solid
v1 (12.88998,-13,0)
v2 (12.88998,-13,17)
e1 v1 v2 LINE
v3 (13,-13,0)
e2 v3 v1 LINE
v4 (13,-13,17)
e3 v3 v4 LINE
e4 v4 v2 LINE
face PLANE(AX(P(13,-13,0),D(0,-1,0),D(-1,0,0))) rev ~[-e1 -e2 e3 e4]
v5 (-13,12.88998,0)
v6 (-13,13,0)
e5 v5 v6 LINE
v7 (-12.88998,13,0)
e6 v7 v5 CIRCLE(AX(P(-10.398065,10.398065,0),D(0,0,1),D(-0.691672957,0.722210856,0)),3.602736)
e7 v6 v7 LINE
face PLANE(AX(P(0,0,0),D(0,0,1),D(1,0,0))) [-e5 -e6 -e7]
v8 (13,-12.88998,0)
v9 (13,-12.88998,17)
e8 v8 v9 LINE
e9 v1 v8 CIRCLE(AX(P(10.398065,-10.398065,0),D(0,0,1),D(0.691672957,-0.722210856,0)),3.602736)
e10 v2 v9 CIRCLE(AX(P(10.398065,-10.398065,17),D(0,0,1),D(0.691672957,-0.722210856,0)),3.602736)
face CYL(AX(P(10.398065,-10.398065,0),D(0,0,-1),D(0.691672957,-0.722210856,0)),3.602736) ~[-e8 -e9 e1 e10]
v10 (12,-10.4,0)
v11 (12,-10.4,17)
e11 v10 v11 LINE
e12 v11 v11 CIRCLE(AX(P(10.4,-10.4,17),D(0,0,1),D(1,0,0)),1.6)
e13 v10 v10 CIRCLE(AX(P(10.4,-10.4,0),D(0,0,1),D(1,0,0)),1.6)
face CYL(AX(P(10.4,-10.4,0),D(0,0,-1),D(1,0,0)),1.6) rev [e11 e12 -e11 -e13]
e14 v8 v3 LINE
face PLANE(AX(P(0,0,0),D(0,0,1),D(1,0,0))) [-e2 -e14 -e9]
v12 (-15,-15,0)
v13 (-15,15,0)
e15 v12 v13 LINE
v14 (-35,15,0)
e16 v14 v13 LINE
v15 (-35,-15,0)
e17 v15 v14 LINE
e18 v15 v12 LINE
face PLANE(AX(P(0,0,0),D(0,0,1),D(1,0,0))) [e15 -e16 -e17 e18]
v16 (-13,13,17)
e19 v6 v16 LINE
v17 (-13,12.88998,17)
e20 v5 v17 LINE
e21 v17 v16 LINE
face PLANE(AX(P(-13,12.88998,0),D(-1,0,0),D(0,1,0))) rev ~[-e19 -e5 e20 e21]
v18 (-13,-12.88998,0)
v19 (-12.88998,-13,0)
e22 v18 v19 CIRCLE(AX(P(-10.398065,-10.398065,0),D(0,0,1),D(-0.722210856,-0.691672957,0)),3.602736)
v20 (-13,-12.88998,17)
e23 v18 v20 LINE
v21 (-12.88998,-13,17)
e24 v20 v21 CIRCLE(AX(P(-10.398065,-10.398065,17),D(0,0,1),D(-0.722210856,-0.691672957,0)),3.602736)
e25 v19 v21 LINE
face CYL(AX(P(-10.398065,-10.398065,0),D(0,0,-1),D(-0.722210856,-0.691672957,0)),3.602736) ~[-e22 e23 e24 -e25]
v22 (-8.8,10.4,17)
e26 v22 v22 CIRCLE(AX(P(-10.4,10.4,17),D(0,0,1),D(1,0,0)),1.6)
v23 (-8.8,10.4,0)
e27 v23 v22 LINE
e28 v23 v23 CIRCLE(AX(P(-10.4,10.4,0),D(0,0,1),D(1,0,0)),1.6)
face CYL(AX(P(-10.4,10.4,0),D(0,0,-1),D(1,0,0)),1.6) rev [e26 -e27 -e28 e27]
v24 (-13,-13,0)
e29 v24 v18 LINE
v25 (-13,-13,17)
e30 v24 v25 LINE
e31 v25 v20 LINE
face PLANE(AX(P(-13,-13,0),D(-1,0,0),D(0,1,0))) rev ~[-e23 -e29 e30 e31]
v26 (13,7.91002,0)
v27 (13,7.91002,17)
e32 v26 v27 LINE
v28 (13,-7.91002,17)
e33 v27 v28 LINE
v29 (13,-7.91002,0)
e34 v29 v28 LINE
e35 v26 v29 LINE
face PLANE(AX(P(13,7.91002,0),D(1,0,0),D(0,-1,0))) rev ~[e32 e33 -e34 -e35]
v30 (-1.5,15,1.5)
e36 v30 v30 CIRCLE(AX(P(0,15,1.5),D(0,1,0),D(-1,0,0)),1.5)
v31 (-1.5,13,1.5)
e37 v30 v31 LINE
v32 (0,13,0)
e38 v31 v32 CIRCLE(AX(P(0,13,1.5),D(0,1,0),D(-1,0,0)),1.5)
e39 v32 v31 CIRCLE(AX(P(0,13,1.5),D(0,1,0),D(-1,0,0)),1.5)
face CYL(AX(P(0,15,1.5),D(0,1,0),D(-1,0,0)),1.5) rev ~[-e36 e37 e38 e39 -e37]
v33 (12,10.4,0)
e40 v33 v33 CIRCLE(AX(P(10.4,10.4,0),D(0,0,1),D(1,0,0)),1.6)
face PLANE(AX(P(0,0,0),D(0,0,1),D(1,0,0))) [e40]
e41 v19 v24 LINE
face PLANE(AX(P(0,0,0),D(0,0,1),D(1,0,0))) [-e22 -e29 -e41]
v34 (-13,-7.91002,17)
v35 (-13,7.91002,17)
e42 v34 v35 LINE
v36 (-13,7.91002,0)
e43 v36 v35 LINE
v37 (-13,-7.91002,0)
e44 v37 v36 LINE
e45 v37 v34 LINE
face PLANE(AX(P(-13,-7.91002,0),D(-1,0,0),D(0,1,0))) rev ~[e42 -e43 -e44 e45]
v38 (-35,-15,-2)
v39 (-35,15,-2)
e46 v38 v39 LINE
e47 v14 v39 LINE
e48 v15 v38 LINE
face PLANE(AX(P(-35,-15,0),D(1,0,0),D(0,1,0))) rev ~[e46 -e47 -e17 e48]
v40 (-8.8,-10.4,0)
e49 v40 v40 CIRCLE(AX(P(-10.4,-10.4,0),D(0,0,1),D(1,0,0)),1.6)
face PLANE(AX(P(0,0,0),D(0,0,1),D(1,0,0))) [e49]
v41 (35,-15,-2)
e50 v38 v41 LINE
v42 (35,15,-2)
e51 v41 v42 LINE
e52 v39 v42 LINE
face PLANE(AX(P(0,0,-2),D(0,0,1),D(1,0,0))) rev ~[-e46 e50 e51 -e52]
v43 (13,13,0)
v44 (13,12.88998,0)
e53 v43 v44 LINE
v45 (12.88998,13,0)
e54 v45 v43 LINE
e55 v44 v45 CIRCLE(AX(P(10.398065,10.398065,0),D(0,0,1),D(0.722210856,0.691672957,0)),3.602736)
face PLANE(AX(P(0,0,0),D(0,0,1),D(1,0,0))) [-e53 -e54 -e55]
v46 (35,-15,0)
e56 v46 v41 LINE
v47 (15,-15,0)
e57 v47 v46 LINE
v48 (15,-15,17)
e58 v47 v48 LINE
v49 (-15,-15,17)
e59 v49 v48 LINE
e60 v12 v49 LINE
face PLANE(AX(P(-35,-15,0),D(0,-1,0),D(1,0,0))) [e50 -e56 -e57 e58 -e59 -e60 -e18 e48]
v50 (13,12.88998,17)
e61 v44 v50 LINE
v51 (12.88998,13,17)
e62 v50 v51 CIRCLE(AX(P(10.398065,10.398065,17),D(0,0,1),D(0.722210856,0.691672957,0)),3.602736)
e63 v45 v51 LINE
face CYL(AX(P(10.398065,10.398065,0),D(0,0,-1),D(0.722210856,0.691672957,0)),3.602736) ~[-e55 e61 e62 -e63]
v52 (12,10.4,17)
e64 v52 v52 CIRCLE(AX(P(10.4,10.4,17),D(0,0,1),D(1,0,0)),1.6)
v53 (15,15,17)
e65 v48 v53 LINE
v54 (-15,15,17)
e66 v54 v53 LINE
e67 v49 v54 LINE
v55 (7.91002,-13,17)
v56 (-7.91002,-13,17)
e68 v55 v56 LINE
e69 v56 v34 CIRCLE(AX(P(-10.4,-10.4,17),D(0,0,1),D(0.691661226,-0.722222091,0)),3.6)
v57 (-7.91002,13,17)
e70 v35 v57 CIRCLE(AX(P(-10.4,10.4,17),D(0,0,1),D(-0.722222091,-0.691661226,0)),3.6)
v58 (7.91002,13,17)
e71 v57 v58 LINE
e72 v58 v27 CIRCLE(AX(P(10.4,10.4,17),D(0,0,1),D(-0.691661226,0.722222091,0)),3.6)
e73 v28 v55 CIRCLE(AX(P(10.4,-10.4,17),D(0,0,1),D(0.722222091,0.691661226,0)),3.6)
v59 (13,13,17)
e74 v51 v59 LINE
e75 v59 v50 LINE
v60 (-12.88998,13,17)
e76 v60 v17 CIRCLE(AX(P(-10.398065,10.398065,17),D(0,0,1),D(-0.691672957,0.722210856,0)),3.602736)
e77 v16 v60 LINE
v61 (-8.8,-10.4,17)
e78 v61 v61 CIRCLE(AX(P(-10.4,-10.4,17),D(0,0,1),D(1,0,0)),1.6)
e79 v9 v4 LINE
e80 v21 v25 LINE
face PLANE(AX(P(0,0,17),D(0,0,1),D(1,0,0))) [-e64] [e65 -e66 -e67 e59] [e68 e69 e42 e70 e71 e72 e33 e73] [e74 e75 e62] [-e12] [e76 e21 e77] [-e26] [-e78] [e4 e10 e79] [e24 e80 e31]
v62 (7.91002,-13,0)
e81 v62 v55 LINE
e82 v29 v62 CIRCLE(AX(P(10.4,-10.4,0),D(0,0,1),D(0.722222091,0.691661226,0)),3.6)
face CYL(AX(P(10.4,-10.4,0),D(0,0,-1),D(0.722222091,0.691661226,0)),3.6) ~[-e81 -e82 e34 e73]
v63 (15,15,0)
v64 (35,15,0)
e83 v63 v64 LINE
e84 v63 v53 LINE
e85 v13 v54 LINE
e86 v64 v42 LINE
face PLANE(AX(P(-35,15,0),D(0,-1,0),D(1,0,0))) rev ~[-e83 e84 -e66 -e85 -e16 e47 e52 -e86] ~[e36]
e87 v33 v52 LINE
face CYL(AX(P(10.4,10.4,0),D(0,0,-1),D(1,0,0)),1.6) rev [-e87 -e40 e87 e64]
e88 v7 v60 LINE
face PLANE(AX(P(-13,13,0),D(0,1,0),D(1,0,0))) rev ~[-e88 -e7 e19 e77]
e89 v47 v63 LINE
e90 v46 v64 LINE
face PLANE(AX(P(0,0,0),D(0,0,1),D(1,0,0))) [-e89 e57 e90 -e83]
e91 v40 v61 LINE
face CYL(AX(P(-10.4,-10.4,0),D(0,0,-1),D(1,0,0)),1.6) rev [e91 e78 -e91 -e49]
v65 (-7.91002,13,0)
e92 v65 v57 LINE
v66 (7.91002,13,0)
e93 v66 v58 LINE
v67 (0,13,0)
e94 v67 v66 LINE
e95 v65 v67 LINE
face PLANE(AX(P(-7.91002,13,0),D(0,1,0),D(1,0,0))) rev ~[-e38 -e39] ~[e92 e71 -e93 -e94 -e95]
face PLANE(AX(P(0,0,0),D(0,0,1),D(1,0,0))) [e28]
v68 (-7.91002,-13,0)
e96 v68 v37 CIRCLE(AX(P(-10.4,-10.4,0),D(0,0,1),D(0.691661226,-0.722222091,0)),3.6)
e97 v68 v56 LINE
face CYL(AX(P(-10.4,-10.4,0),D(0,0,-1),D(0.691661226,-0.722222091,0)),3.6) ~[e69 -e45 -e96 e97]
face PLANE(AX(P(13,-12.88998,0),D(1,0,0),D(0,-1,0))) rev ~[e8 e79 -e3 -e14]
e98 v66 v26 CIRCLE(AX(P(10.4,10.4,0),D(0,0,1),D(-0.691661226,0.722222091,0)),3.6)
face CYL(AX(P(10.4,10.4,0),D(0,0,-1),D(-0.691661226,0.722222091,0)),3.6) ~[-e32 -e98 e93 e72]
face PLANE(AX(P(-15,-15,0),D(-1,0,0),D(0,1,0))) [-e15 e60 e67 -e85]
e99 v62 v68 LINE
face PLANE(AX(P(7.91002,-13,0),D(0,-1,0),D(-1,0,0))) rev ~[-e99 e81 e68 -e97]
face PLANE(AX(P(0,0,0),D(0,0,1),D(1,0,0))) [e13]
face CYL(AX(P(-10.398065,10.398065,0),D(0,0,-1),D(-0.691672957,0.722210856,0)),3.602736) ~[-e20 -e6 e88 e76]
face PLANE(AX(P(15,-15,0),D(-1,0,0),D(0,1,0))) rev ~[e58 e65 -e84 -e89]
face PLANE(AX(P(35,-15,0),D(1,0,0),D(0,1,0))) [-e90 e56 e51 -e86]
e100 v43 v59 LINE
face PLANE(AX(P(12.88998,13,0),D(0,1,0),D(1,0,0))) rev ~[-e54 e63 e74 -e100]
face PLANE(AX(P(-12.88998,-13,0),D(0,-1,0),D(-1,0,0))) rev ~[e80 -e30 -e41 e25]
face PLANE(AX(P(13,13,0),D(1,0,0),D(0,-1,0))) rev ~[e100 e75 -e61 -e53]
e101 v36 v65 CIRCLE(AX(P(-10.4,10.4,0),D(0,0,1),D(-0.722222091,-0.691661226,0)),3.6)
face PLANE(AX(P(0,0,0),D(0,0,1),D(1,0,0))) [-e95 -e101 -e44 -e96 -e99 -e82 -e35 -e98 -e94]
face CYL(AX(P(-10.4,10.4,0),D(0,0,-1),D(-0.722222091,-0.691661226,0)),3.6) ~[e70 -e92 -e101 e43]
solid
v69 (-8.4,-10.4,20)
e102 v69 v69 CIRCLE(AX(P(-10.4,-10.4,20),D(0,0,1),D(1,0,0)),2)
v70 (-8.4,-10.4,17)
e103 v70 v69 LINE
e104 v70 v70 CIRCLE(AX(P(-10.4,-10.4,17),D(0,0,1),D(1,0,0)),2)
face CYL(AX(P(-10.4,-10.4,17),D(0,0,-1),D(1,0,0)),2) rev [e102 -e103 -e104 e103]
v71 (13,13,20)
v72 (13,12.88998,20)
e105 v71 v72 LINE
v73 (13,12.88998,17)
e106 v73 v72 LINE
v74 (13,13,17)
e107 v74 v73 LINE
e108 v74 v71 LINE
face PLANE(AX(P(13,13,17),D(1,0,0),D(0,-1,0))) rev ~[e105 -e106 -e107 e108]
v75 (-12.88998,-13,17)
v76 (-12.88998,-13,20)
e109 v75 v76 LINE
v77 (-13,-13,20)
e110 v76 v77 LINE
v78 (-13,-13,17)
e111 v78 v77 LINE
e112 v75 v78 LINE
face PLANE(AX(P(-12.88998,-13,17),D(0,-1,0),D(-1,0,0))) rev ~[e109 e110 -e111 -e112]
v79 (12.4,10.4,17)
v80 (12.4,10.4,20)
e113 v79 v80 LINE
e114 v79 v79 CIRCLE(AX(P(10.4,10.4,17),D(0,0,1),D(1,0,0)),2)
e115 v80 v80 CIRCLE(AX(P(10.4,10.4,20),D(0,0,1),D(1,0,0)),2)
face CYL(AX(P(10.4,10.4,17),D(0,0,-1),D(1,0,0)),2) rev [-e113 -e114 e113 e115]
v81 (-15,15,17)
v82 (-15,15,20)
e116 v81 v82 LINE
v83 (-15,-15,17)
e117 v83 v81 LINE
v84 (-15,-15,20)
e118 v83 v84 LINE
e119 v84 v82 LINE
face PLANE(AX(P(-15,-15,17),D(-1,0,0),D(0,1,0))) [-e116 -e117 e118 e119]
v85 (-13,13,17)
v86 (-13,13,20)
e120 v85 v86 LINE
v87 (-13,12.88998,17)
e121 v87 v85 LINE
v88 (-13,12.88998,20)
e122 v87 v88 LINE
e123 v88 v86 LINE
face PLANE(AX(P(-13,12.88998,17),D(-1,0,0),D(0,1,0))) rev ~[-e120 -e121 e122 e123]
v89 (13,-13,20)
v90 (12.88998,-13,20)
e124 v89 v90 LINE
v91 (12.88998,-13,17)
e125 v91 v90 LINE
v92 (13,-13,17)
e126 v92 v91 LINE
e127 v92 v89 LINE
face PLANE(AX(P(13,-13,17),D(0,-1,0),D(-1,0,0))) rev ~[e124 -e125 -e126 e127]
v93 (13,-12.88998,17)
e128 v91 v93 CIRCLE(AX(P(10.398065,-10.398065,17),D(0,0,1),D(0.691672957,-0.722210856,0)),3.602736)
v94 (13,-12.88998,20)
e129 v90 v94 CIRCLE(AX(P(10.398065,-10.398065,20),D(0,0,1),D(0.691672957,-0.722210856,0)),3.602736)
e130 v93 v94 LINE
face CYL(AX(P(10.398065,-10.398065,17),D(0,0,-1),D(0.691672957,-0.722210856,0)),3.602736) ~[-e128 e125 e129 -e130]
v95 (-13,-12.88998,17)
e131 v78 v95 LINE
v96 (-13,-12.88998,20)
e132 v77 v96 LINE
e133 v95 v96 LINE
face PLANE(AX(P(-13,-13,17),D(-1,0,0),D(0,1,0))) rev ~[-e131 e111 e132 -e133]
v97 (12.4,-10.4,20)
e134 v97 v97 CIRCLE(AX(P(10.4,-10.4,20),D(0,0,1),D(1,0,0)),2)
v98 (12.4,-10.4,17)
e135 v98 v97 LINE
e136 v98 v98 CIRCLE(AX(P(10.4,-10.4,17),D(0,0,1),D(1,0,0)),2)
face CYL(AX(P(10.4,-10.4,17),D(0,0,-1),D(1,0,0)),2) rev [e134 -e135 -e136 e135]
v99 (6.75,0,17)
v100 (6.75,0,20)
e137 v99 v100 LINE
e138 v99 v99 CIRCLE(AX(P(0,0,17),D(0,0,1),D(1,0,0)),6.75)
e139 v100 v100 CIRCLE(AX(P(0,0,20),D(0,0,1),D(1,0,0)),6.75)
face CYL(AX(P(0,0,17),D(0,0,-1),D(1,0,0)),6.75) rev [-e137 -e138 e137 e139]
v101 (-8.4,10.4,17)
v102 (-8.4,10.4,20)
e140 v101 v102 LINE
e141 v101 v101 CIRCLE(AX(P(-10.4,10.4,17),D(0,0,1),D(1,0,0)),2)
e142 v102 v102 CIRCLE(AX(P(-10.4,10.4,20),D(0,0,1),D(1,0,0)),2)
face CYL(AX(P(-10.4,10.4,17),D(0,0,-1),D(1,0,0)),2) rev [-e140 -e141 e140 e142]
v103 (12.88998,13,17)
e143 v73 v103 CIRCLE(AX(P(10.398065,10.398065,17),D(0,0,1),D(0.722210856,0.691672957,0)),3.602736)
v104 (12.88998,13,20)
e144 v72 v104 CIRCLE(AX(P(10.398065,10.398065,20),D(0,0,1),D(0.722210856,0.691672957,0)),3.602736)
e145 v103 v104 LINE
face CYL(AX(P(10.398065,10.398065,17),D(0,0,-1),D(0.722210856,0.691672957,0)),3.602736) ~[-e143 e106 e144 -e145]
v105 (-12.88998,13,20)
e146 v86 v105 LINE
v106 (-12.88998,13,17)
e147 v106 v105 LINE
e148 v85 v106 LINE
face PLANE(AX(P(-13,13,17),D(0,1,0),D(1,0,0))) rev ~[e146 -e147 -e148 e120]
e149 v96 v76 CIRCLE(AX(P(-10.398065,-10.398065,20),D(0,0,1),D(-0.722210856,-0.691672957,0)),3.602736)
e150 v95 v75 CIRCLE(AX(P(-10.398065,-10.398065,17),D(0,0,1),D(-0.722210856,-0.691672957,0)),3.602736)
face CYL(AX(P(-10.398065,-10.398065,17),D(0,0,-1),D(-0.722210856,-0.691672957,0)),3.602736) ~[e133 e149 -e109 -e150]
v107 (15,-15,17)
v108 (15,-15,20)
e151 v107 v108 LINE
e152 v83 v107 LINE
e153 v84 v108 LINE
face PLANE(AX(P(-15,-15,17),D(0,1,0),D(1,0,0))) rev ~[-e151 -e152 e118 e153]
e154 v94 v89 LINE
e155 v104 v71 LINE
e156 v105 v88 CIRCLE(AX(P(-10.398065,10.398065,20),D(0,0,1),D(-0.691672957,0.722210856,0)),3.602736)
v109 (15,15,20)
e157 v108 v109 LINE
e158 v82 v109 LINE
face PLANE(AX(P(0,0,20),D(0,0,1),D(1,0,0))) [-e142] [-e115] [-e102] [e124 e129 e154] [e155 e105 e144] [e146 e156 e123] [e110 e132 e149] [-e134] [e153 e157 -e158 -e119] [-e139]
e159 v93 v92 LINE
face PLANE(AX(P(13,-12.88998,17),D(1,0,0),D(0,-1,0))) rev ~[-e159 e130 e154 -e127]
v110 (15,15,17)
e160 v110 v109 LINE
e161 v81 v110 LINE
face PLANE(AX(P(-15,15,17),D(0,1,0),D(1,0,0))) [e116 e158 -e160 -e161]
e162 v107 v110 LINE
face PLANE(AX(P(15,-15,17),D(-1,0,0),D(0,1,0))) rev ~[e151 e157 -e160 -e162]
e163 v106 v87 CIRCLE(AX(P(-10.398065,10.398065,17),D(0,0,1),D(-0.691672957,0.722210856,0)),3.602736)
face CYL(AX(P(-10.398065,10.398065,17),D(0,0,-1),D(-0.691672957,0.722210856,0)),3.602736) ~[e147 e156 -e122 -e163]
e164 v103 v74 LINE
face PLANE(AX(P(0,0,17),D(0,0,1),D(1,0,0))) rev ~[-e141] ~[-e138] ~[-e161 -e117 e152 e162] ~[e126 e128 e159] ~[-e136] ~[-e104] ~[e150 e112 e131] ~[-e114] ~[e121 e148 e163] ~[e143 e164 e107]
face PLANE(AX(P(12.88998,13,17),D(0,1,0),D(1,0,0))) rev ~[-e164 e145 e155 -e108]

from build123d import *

# Parameters (mm, degrees)
F0_W     = 70
F0_H     = 30
F1_DEPTH = 2
F2_W     = 30
F2_H     = 30
F2_R     = 1.6
F3_DEPTH = 17
F4_W     = 30
F4_H     = 30
F4_R     = 2
F4_R_2   = 6.75
F5_DEPTH = 3
F6_R     = 1.5
F7_DEPTH = 2


with BuildPart() as f1:
    # F0 (on Top) → F1 (new body)
    with BuildSketch(Plane.XY):
        Rectangle(F0_W, F0_H)
    extrude(amount=-F1_DEPTH)

    # F2 (on face) → F3 (join)
    with BuildSketch(Plane.XY):
        Rectangle(F2_W, F2_H)
        with BuildLine():
            Line((-12.88998, -13), (-13, -13))
            Line((-13, -13), (-13, -12.88998))
            ThreePointArc((-13, -12.88998), (-12.945584, -12.945584), (-12.88998, -13))
        make_face(mode=Mode.SUBTRACT)
        with Locations((-10.4, -10.4)):
            Circle(F2_R, mode=Mode.SUBTRACT)
        with BuildLine():
            Line((13, -12.88998), (13, -13))
            Line((13, -13), (12.88998, -13))
            ThreePointArc((12.88998, -13), (12.945584, -12.945584), (13, -12.88998))
        make_face(mode=Mode.SUBTRACT)
        with Locations((10.4, -10.4)):
            Circle(F2_R, mode=Mode.SUBTRACT)
        with Locations((-10.4, 10.4)):
            Circle(F2_R, mode=Mode.SUBTRACT)
        with BuildLine():
            Line((-13, 13), (-12.88998, 13))
            ThreePointArc((-12.88998, 13), (-12.945584, 12.945584), (-13, 12.88998))
            Line((-13, 12.88998), (-13, 13))
        make_face(mode=Mode.SUBTRACT)
        with BuildLine():
            Line((-13, -7.91002), (-13, 7.91002))
            ThreePointArc((-13, 7.91002), (-7.854416, 7.854416), (-7.91002, 13))
            Line((-7.91002, 13), (7.91002, 13))
            ThreePointArc((7.91002, 13), (7.854416, 7.854416), (13, 7.91002))
            Line((13, 7.91002), (13, -7.91002))
            ThreePointArc((13, -7.91002), (7.854416, -7.854416), (7.91002, -13))
            Line((7.91002, -13), (-7.91002, -13))
            ThreePointArc((-7.91002, -13), (-7.854416, -7.854416), (-13, -7.91002))
        make_face(mode=Mode.SUBTRACT)
        with Locations((10.4, 10.4)):
            Circle(F2_R, mode=Mode.SUBTRACT)
        with BuildLine():
            Line((12.88998, 13), (13, 13))
            Line((13, 13), (13, 12.88998))
            ThreePointArc((13, 12.88998), (12.945584, 12.945584), (12.88998, 13))
        make_face(mode=Mode.SUBTRACT)
    extrude(amount=F3_DEPTH)

    # F6 (on face) → F7 (cut, through all)
    with BuildSketch(Plane(origin=(0, 15, 0), x_dir=(-1, 0, 0), z_dir=(0, 1, 0))):
        with Locations((0, 1.5)):
            Circle(F6_R)
    extrude(amount=-F7_DEPTH, mode=Mode.SUBTRACT)


with BuildPart() as f5:
    # F4 (on face) → F5 (new body)
    with BuildSketch(Plane.XY.offset(17)):
        Rectangle(F4_W, F4_H)
        with BuildLine():
            ThreePointArc((-13, -12.88998), (-12.945584, -12.945584), (-12.88998, -13))
            Line((-12.88998, -13), (-13, -13))
            Line((-13, -13), (-13, -12.88998))
        make_face(mode=Mode.SUBTRACT)
        with Locations((-10.4, -10.4)):
            Circle(F4_R, mode=Mode.SUBTRACT)
        with BuildLine():
            ThreePointArc((12.88998, -13), (12.945584, -12.945584), (13, -12.88998))
            Line((13, -12.88998), (13, -13))
            Line((13, -13), (12.88998, -13))
        make_face(mode=Mode.SUBTRACT)
        with Locations((10.4, -10.4)):
            Circle(F4_R, mode=Mode.SUBTRACT)
        with Locations((-10.4, 10.4)):
            Circle(F4_R, mode=Mode.SUBTRACT)
        with BuildLine():
            ThreePointArc((-12.88998, 13), (-12.945584, 12.945584), (-13, 12.88998))
            Line((-13, 12.88998), (-13, 13))
            Line((-13, 13), (-12.88998, 13))
        make_face(mode=Mode.SUBTRACT)
        with BuildLine():
            ThreePointArc((-7.91002, -13), (-7.854416, -7.854416), (-13, -7.91002))
            Line((-13, -7.91002), (-13, 7.91002))
            ThreePointArc((-13, 7.91002), (-7.854416, 7.854416), (-7.91002, 13))
            Line((-7.91002, 13), (7.91002, 13))
            ThreePointArc((7.91002, 13), (7.854416, 7.854416), (13, 7.91002))
            Line((13, 7.91002), (13, -7.91002))
            ThreePointArc((13, -7.91002), (7.854416, -7.854416), (7.91002, -13))
            Line((7.91002, -13), (-7.91002, -13))
        make_face(mode=Mode.SUBTRACT)
        with Locations((10.4, 10.4)):
            Circle(F4_R, mode=Mode.SUBTRACT)
        with BuildLine():
            ThreePointArc((13, 12.88998), (12.945584, 12.945584), (12.88998, 13))
            Line((12.88998, 13), (13, 13))
            Line((13, 13), (13, 12.88998))
        make_face(mode=Mode.SUBTRACT)
        with BuildLine():
            Line((-13, 7.91002), (-13, -7.91002))
            ThreePointArc((-13, -7.91002), (-7.854416, -7.854416), (-7.91002, -13))
            Line((-7.91002, -13), (7.91002, -13))
            ThreePointArc((7.91002, -13), (7.854416, -7.854416), (13, -7.91002))
            Line((13, -7.91002), (13, 7.91002))
            ThreePointArc((13, 7.91002), (7.854416, 7.854416), (7.91002, 13))
            Line((7.91002, 13), (-7.91002, 13))
            ThreePointArc((-7.91002, 13), (-7.854416, 7.854416), (-13, 7.91002))
        make_face()
        Circle(F4_R_2, mode=Mode.SUBTRACT)
    extrude(amount=F5_DEPTH)


solid = Compound([f1.part, f5.part])
